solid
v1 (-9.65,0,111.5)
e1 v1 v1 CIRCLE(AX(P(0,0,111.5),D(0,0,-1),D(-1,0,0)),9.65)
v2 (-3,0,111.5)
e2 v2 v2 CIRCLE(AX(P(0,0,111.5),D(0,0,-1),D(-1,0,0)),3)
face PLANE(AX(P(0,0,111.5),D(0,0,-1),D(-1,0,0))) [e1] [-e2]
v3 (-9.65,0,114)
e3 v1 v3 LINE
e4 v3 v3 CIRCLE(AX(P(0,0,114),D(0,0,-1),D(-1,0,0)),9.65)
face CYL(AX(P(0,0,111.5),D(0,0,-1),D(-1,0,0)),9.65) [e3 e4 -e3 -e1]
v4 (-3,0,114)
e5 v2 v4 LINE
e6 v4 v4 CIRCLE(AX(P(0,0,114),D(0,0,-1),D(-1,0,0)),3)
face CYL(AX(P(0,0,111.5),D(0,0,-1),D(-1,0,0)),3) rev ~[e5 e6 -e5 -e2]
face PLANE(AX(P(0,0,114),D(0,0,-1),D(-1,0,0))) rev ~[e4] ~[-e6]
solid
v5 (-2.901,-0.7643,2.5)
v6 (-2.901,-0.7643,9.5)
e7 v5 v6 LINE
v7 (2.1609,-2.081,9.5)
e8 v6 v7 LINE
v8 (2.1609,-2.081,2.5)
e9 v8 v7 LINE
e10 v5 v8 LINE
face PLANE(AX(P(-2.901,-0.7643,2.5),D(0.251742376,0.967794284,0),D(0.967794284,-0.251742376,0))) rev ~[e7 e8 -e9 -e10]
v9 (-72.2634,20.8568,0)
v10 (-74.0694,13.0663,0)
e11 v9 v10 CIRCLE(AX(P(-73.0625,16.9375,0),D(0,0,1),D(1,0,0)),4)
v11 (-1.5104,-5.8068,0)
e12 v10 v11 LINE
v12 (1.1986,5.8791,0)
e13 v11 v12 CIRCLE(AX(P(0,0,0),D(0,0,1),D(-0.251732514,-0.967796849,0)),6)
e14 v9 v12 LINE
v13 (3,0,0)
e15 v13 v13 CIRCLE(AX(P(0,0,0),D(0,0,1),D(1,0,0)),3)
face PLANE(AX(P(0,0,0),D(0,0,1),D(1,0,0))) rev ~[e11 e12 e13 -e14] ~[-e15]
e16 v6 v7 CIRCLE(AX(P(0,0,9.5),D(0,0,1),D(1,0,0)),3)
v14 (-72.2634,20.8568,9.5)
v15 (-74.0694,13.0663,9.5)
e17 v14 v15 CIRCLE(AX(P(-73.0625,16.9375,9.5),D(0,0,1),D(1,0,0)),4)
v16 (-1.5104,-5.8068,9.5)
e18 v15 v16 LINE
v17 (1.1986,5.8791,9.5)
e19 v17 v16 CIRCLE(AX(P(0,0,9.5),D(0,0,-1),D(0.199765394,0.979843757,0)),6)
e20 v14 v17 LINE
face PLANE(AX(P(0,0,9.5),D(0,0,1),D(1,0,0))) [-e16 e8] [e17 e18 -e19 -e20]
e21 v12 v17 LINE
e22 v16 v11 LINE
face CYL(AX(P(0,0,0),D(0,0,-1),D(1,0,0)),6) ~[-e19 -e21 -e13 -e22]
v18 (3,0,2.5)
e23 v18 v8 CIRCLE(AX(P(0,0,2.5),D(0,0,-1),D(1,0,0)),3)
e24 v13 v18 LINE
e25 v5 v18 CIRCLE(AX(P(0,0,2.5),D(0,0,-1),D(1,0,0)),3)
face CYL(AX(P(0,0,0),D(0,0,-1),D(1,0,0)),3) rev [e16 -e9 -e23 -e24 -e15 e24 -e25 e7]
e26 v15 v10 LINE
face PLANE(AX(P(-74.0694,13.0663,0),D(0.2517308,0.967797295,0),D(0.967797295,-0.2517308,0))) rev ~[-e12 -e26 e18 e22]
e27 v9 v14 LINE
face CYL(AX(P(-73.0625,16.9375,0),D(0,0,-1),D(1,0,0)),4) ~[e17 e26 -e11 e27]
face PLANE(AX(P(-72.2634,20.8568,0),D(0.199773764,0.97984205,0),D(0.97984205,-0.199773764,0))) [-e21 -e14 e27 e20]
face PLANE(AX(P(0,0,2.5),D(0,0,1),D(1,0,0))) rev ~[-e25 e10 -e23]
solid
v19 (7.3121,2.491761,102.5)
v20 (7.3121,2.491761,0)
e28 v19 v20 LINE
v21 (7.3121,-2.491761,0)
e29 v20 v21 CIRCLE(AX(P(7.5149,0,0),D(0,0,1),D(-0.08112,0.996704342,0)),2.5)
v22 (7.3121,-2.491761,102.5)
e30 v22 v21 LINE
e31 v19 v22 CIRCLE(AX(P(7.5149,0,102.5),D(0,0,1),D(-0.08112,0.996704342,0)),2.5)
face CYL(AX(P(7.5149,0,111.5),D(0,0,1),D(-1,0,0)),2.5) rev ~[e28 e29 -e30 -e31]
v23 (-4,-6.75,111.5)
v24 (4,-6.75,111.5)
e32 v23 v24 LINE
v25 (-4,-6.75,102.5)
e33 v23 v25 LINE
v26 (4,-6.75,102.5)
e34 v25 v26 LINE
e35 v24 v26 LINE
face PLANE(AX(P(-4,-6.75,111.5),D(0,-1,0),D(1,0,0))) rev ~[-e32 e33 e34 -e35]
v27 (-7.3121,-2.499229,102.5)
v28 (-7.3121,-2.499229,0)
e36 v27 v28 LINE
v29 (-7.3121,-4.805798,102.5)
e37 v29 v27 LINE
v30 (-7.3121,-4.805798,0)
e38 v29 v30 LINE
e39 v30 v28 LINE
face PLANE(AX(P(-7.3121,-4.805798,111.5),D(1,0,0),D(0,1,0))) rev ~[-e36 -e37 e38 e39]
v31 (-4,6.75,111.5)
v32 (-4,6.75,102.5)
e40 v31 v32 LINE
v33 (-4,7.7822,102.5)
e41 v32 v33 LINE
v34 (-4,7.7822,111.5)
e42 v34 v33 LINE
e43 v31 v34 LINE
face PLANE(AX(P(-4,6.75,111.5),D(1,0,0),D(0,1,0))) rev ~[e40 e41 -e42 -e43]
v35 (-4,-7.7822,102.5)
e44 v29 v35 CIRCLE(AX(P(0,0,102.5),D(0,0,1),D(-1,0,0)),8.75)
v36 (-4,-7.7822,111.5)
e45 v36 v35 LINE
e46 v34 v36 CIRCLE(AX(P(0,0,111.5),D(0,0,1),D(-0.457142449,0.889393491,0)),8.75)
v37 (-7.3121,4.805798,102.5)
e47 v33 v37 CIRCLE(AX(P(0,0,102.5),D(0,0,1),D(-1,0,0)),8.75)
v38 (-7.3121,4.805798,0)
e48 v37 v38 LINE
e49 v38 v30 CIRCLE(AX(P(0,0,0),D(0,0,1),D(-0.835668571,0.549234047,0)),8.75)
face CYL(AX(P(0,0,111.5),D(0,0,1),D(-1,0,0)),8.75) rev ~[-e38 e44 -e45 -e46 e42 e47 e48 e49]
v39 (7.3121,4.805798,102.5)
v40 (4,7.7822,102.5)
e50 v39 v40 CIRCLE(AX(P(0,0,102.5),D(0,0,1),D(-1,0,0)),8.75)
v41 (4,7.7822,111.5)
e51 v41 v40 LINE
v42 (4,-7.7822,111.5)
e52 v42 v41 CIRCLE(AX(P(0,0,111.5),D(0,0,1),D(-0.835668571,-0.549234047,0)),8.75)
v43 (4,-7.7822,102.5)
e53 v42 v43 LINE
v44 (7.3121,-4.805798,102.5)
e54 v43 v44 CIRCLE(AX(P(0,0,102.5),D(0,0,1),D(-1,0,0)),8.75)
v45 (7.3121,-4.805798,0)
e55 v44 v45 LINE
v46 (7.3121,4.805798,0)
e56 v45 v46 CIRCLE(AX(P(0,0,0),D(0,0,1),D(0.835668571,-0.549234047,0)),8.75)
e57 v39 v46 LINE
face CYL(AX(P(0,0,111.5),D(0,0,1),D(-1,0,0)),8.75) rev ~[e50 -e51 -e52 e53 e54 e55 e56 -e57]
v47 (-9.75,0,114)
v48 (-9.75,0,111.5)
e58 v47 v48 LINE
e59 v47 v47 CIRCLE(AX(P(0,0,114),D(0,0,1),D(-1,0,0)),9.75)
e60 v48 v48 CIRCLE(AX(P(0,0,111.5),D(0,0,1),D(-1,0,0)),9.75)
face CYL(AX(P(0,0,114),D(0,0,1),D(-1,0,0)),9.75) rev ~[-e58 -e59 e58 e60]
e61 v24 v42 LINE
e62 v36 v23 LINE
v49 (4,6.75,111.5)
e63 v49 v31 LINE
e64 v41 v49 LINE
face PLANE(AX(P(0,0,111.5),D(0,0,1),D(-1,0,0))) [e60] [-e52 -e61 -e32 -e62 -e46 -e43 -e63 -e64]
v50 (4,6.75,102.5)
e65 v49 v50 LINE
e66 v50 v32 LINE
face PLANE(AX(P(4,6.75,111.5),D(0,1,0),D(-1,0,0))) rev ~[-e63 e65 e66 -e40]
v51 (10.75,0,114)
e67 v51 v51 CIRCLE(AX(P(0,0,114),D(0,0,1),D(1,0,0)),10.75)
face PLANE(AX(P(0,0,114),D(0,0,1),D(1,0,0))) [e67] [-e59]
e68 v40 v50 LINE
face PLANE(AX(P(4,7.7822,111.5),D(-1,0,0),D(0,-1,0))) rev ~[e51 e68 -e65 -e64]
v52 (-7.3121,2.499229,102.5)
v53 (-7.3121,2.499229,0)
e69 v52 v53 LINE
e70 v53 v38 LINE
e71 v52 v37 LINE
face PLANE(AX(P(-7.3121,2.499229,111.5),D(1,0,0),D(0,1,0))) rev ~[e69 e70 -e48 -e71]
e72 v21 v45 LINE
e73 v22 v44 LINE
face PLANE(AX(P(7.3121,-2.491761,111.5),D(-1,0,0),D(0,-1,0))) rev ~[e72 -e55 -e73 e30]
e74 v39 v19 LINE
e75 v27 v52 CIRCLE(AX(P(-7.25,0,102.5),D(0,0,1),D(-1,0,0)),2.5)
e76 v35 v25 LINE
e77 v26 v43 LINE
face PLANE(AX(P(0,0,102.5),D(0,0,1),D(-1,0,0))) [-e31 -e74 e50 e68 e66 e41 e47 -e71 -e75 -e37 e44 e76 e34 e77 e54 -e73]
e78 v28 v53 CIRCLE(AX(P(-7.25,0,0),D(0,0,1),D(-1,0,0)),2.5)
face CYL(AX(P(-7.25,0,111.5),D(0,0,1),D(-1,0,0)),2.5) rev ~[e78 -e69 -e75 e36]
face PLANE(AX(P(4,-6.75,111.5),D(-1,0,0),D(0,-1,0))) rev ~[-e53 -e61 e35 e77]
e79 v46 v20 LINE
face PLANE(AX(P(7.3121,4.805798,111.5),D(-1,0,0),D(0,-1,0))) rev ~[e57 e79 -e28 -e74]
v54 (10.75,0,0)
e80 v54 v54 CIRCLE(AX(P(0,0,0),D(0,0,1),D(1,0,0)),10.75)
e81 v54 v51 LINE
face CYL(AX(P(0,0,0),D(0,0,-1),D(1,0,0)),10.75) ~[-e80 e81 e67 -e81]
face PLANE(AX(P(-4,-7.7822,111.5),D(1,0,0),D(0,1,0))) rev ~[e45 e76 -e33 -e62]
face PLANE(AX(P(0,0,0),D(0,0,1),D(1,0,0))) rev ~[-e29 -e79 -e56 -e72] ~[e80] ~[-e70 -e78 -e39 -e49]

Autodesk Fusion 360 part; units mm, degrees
sketch "Sketch1" plane through (0, 0, 0) normal (0, 0, 1) x (1, 0, 0)
  circle A0 centre (0, 0) radius 10.75
  dimension "d1" = 21.5
extrude "Extrude1" add sketch "Sketch1" along normal blind 114 makes body 1
sketch "Sketch2" plane through (0, 0, 114) normal (0, 0, 1) x (-1, 0, 0)
  circle A0 centre (0, 0) radius 10.75
  circle A1 centre (0, 0) radius 9.75
  dimension "d6" = 19.5
extrude "Extrude2" cut sketch "Sketch2" against normal blind 2.5 contours A1 bodies 1
copy_body "CutPasteBodies1" bodies 1 removing the originals makes body 2 in component "Main Housing"
sketch "Sketch1 (2)" plane through (0, 0, 111.5) normal (0, 0, 1) x (-1, 0, 0) in component "Main Housing"
  circle A0 centre (0, 0) radius 9.75
  line L0 (-7.3121, -6.4494) -> (-7.3121, 6.4494)
  line L1 (7.3121, 6.4494) -> (7.3121, -6.4494)
  line L2 (7, -10.4909) -> (-7, 10.4909) construction
  line L3 (-7, -10.4909) -> (7, 10.4909) construction
  circle A1 centre (0, 0) radius 8.75
  circle A2 centre (7.25, 0) radius 2.5
  line L4 (7.3121, 0) -> (7.25, 0) construction
  line L5 (-0.1325, 8.749) -> (-0.1325, -8.749) construction
  circle A3 centre (-7.5149, 0) radius 2.5
  dimension "d9" = 14
  dimension "d14" = 5
  dimension "d15" = 17.5
extrude "Extrude1'" cut sketch "Sketch1 (2)" against normal up to surface (111.5 mm away) contours L1 A1 A2 | L1 A1 A2 | L1 A1 A2 | L1 A2 | L0 A1 A3 | L0 A1 A3 | L0 A1 A3 | L0 A3 bodies 2 in component "Main Housing"
extrude "Extrude4" cut sketch "Sketch1 (2)" against normal blind 9 contours L0 L1 A1 A2 A3 bodies 2 in component "Main Housing"
sketch "Sketch2 (2)" plane through (0, 0, 111.5) normal (0, 0, 1) x (-1, 0, 0) in component "Main Housing"
  line L0 (-4, -7.7822) -> (-4, 7.7822)
  line L1 (4, 7.7822) -> (4, -7.7822)
  line L2 (4, -12.291) -> (-4, 12.291) construction
  line L3 (-4, -12.291) -> (4, 12.291) construction
  circle A0 centre (0, 0) radius 8.75
  circle A1 centre (0, 0) radius 8.75
  line L4 (-4, -6.75) -> (4, -6.75)
  line L5 (4, -6.75) -> (4, 6.75)
  line L6 (4, 6.75) -> (-4, 6.75)
  line L7 (-4, 6.75) -> (-4, -6.75)
  line L8 (-4, -6.75) -> (4, 6.75) construction
  line L9 (4, -6.75) -> (-4, 6.75) construction
  dimension "d21" = 8
  dimension "d22" = 13.5
extrude "Extrude5" add sketch "Sketch2 (2)" against normal up to surface (9 mm away) contours L0 L1 A0 A1 L4 | L0 L1 A0 A1 L6 bodies 2 in component "Main Housing"
sketch "Sketch1 (3)" plane through (0, 0, 114) normal (0, 0, 1) x (-1, 0, 0) in component "Cap"
  circle A0 centre (0, 0) radius 9.75
  circle A1 centre (0, 0) radius 10.75
  circle A2 centre (0, 0) radius 9.65
  circle A3 centre (0, 0) radius 3
  dimension "d25" = 19.3
  dimension "d28" = 6
extrude "Extrude1''" add sketch "Sketch1 (3)" against normal up to surface (2.5 mm away) separate body contours A2 makes body 3 in component "Cap"
sketch "Sketch1 (4)" plane through (0, 0, 0) normal (0, 0, 1) x (1, 0, 0) in component "Handle"
  circle A0 centre (0, 0) radius 6
  circle A1 centre (-73.0625, 16.9375) radius 4
  line L0 (-72.2634, 20.8568) -> (1.1986, 5.8791)
  line L1 (-74.0694, 13.0663) -> (-1.5104, -5.8068)
  circle A2 centre (0, 0) radius 3
  line L2 (-2.901, -0.7643) -> (2.1609, -2.081)
  line L3 (-0.37, -1.4227) -> (0.7552, 2.9034) construction
  dimension "d41" = 12
  dimension "d42" = 8
  dimension "d43" = 75
  dimension "d44" = 6
  dimension "d48" = 4.47
extrude "Extrude1'''" add sketch "Sketch1 (4)" along normal blind 2.5 separate body makes body 4 in component "Handle"
extrude "Extrude2'" add sketch "Sketch1 (4)" along normal blind 7 from surface at 2.5 contours A0 | A0 A1 L0 L1 | A1 | A2 L2 picked at (0.5427, 0.1152) bodies 4 in component "Handle"
component "Main Housing" placed x (1, 0, 0) y (0, 1, 0) z (0, 0, 1) at (0, 0, 0)
component "Cap" placed x (1, 0, 0) y (0, -1, 0) z (0, 0, -1) at (0, 0, 225.5)
component "Handle" placed x (1, 0, 0) y (0, 1, 0) z (0, 0, 1) at (0, 0, 0)
equation "d1 = diameter"
equation "d2 = length"
equation "diameter = 21.5 mm"
equation "length = 114 mm"
equation "d6 = diameter - 2 mm"
equation "d15 = diameter - 4 mm"
equation "d25 = diameter - 2.2 mm"
